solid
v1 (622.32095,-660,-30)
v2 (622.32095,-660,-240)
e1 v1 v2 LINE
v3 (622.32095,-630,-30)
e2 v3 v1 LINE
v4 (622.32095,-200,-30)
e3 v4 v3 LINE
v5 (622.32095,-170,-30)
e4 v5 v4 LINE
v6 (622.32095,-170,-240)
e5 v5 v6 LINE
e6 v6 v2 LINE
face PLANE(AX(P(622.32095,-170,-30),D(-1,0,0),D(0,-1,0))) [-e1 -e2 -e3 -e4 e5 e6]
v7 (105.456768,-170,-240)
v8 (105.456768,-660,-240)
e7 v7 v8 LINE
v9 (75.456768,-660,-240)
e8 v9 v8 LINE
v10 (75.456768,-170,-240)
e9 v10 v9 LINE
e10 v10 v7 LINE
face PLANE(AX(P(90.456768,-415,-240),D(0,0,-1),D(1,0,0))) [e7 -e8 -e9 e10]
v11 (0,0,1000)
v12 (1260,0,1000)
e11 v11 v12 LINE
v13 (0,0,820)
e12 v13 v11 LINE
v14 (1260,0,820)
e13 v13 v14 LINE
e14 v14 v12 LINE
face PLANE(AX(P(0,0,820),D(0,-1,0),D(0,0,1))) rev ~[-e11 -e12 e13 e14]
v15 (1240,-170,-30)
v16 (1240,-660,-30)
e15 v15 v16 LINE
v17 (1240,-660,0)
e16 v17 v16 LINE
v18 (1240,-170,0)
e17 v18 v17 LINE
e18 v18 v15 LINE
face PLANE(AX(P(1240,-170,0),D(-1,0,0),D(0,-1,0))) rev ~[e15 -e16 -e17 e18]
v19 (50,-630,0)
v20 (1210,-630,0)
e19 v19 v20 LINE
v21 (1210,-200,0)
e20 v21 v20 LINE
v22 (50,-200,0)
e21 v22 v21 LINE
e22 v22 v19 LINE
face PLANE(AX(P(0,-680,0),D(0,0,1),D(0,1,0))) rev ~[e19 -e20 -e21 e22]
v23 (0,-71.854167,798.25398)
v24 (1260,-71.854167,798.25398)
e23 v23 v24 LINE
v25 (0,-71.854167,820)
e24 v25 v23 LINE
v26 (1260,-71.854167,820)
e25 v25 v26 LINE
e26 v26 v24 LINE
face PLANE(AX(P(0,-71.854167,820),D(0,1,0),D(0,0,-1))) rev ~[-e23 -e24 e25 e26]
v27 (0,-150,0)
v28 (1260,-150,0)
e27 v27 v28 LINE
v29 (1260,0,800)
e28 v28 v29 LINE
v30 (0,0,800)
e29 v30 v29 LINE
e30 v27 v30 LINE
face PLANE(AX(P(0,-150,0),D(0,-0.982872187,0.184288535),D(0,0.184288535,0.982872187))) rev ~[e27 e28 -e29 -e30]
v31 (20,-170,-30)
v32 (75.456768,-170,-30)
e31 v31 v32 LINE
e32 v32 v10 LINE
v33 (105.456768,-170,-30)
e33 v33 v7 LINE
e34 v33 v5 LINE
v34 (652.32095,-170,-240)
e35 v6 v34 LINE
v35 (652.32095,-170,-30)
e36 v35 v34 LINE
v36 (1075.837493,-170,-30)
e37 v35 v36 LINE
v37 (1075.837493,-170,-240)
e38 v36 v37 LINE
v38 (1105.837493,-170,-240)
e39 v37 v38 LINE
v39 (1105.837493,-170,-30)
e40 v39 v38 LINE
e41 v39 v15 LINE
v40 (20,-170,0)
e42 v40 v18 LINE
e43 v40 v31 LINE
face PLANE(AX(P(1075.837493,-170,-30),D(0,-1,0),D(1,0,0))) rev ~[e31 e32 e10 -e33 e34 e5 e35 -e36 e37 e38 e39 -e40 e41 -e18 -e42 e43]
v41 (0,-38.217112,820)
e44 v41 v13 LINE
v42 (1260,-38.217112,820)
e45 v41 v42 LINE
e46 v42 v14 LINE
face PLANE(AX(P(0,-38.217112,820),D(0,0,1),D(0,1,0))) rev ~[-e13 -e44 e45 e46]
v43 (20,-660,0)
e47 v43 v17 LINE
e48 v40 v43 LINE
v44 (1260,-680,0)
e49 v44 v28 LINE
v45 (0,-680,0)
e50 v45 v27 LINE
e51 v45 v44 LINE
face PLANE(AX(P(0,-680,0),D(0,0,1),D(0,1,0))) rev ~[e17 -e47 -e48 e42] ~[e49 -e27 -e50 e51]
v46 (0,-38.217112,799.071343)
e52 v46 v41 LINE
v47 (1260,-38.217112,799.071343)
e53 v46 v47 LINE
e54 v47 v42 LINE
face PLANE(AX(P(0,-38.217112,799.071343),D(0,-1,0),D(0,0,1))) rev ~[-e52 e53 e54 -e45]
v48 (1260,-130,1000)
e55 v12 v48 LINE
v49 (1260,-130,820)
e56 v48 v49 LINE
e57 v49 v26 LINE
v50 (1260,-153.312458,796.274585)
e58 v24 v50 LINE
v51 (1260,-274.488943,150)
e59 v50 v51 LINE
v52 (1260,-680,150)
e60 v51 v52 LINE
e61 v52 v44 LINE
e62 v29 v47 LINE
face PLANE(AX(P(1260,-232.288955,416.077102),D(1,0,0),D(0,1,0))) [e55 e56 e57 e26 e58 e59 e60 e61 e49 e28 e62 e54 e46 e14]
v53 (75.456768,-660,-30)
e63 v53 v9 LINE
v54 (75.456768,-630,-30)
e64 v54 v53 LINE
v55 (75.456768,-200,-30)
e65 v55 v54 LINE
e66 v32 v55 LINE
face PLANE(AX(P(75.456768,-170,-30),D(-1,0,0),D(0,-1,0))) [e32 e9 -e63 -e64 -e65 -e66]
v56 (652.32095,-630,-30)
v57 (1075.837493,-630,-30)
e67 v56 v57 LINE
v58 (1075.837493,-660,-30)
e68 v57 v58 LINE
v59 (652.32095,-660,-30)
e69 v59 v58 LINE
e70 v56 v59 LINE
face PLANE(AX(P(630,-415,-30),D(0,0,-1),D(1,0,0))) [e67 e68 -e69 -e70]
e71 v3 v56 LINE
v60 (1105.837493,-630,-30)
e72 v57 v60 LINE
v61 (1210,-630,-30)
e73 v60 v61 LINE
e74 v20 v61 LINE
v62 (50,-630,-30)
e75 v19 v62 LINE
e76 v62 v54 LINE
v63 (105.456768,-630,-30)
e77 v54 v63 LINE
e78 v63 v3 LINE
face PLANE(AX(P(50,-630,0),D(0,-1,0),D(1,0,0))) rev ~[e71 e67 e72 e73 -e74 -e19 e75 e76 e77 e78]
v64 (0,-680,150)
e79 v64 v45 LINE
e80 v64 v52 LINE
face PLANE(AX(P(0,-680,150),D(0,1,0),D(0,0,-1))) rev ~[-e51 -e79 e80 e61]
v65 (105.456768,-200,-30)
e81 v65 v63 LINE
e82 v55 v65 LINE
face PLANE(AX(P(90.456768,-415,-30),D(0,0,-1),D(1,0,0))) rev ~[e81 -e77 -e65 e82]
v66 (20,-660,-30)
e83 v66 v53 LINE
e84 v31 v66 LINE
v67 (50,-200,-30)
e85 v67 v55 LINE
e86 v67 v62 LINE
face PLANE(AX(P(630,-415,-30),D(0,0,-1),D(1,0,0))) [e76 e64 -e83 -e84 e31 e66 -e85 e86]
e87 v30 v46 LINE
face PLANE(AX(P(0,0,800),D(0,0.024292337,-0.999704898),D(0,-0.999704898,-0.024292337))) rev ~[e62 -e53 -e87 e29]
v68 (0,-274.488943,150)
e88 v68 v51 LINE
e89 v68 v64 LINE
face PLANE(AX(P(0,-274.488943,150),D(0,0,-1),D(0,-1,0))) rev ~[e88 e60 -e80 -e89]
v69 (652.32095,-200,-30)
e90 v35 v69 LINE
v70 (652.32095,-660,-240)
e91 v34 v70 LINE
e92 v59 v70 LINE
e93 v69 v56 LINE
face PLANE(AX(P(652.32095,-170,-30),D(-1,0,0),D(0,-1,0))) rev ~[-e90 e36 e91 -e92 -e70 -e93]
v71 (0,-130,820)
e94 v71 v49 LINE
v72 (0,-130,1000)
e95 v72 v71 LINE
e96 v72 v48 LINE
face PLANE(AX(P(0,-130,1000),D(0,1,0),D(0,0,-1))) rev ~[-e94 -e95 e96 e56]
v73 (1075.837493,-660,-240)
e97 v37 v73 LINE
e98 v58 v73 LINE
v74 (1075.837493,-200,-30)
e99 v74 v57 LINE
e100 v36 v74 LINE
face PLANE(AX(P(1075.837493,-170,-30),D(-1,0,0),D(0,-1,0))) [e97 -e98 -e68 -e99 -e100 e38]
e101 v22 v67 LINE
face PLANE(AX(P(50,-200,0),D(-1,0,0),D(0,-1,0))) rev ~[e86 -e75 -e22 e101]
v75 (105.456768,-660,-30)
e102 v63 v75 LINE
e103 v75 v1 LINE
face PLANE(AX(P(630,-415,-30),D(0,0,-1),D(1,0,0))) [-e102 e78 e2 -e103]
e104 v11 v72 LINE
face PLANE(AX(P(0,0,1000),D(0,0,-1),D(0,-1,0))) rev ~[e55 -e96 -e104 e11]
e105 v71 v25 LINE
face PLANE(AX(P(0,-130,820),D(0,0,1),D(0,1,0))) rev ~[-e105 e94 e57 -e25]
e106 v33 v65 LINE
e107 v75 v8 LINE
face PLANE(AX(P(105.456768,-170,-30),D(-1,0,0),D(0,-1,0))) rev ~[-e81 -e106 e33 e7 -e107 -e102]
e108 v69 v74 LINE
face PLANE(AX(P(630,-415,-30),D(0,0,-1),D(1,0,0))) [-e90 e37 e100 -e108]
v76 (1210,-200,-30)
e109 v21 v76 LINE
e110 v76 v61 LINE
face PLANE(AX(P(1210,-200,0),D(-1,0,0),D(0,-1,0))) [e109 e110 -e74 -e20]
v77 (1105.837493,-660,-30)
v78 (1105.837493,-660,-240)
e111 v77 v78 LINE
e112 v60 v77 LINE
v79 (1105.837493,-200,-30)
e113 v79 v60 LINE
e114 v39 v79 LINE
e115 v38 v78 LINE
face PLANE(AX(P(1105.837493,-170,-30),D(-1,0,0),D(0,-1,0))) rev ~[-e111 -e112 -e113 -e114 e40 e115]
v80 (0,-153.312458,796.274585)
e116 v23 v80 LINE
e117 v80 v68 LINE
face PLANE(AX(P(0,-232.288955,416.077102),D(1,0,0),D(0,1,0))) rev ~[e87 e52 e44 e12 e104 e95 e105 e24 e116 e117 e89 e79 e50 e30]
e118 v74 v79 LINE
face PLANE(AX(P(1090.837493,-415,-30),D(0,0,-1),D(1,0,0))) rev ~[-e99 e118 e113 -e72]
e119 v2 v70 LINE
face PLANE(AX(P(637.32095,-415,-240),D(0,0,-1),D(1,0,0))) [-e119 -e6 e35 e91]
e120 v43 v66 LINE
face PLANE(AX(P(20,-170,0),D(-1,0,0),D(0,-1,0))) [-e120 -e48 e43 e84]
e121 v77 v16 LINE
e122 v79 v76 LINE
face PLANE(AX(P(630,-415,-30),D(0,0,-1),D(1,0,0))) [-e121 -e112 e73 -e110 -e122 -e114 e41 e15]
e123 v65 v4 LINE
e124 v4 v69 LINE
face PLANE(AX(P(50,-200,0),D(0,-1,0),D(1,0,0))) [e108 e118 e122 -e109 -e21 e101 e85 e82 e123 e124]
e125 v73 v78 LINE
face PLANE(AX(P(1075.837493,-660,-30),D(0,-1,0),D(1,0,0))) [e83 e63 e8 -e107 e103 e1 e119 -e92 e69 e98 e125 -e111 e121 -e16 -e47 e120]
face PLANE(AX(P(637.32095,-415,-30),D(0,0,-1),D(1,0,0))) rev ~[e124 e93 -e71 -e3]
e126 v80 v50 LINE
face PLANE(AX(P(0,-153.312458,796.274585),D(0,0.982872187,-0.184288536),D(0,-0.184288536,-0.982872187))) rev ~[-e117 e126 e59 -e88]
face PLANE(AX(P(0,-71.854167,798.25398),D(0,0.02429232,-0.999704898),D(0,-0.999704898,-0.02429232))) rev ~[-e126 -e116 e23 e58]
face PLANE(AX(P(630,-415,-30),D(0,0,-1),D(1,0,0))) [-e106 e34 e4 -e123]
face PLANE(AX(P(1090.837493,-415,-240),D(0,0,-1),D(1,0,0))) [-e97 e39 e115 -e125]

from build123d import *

# Parameters (mm, degrees)
F1_DEPTH = 1260
F2_W     = 1220
F2_H     = 490
F2_W_2   = 1160
F2_H_2   = 430
F3_DEPTH = 30
F4_W     = 30
F4_H     = 490
F5_DEPTH = 210


with BuildPart() as f1:
    # F0 (on Right) → F1 (new body)
    with BuildSketch(Plane.YZ):
        Polygon((-680, 0), (-150, 0), (0, 800), (-38.217112, 799.071343), (-38.217112, 820), (0, 820), (0, 1000), (-130, 1000), (-130, 820), (-71.854167, 820), (-71.854167, 798.25398), (-153.312458, 796.274585), (-274.488943, 150), (-680, 150), align=None)
    extrude(amount=F1_DEPTH)

    # F2 (on face) → F3 (join)
    with BuildSketch(Plane(origin=(0, 0, 0), x_dir=(1, 0, 0), z_dir=(0, 0, -1))):
        with Locations((630, 415)):
            Rectangle(F2_W, F2_H)
        with Locations((630, 415)):
            Rectangle(F2_W_2, F2_H_2, mode=Mode.SUBTRACT)
    extrude(amount=F3_DEPTH)

    # F4 (on face) → F5 (join)
    with BuildSketch(Plane(origin=(0, 0, -30), x_dir=(1, 0, 0), z_dir=(0, 0, -1))):
        with Locations((1090.837493, 415)):
            Rectangle(F4_W, F4_H)
        with Locations((637.32095, 415)):
            Rectangle(F4_W, F4_H)
        with Locations((90.456768, 415)):
            Rectangle(F4_W, F4_H)
    extrude(amount=F5_DEPTH)


solid = f1.part
